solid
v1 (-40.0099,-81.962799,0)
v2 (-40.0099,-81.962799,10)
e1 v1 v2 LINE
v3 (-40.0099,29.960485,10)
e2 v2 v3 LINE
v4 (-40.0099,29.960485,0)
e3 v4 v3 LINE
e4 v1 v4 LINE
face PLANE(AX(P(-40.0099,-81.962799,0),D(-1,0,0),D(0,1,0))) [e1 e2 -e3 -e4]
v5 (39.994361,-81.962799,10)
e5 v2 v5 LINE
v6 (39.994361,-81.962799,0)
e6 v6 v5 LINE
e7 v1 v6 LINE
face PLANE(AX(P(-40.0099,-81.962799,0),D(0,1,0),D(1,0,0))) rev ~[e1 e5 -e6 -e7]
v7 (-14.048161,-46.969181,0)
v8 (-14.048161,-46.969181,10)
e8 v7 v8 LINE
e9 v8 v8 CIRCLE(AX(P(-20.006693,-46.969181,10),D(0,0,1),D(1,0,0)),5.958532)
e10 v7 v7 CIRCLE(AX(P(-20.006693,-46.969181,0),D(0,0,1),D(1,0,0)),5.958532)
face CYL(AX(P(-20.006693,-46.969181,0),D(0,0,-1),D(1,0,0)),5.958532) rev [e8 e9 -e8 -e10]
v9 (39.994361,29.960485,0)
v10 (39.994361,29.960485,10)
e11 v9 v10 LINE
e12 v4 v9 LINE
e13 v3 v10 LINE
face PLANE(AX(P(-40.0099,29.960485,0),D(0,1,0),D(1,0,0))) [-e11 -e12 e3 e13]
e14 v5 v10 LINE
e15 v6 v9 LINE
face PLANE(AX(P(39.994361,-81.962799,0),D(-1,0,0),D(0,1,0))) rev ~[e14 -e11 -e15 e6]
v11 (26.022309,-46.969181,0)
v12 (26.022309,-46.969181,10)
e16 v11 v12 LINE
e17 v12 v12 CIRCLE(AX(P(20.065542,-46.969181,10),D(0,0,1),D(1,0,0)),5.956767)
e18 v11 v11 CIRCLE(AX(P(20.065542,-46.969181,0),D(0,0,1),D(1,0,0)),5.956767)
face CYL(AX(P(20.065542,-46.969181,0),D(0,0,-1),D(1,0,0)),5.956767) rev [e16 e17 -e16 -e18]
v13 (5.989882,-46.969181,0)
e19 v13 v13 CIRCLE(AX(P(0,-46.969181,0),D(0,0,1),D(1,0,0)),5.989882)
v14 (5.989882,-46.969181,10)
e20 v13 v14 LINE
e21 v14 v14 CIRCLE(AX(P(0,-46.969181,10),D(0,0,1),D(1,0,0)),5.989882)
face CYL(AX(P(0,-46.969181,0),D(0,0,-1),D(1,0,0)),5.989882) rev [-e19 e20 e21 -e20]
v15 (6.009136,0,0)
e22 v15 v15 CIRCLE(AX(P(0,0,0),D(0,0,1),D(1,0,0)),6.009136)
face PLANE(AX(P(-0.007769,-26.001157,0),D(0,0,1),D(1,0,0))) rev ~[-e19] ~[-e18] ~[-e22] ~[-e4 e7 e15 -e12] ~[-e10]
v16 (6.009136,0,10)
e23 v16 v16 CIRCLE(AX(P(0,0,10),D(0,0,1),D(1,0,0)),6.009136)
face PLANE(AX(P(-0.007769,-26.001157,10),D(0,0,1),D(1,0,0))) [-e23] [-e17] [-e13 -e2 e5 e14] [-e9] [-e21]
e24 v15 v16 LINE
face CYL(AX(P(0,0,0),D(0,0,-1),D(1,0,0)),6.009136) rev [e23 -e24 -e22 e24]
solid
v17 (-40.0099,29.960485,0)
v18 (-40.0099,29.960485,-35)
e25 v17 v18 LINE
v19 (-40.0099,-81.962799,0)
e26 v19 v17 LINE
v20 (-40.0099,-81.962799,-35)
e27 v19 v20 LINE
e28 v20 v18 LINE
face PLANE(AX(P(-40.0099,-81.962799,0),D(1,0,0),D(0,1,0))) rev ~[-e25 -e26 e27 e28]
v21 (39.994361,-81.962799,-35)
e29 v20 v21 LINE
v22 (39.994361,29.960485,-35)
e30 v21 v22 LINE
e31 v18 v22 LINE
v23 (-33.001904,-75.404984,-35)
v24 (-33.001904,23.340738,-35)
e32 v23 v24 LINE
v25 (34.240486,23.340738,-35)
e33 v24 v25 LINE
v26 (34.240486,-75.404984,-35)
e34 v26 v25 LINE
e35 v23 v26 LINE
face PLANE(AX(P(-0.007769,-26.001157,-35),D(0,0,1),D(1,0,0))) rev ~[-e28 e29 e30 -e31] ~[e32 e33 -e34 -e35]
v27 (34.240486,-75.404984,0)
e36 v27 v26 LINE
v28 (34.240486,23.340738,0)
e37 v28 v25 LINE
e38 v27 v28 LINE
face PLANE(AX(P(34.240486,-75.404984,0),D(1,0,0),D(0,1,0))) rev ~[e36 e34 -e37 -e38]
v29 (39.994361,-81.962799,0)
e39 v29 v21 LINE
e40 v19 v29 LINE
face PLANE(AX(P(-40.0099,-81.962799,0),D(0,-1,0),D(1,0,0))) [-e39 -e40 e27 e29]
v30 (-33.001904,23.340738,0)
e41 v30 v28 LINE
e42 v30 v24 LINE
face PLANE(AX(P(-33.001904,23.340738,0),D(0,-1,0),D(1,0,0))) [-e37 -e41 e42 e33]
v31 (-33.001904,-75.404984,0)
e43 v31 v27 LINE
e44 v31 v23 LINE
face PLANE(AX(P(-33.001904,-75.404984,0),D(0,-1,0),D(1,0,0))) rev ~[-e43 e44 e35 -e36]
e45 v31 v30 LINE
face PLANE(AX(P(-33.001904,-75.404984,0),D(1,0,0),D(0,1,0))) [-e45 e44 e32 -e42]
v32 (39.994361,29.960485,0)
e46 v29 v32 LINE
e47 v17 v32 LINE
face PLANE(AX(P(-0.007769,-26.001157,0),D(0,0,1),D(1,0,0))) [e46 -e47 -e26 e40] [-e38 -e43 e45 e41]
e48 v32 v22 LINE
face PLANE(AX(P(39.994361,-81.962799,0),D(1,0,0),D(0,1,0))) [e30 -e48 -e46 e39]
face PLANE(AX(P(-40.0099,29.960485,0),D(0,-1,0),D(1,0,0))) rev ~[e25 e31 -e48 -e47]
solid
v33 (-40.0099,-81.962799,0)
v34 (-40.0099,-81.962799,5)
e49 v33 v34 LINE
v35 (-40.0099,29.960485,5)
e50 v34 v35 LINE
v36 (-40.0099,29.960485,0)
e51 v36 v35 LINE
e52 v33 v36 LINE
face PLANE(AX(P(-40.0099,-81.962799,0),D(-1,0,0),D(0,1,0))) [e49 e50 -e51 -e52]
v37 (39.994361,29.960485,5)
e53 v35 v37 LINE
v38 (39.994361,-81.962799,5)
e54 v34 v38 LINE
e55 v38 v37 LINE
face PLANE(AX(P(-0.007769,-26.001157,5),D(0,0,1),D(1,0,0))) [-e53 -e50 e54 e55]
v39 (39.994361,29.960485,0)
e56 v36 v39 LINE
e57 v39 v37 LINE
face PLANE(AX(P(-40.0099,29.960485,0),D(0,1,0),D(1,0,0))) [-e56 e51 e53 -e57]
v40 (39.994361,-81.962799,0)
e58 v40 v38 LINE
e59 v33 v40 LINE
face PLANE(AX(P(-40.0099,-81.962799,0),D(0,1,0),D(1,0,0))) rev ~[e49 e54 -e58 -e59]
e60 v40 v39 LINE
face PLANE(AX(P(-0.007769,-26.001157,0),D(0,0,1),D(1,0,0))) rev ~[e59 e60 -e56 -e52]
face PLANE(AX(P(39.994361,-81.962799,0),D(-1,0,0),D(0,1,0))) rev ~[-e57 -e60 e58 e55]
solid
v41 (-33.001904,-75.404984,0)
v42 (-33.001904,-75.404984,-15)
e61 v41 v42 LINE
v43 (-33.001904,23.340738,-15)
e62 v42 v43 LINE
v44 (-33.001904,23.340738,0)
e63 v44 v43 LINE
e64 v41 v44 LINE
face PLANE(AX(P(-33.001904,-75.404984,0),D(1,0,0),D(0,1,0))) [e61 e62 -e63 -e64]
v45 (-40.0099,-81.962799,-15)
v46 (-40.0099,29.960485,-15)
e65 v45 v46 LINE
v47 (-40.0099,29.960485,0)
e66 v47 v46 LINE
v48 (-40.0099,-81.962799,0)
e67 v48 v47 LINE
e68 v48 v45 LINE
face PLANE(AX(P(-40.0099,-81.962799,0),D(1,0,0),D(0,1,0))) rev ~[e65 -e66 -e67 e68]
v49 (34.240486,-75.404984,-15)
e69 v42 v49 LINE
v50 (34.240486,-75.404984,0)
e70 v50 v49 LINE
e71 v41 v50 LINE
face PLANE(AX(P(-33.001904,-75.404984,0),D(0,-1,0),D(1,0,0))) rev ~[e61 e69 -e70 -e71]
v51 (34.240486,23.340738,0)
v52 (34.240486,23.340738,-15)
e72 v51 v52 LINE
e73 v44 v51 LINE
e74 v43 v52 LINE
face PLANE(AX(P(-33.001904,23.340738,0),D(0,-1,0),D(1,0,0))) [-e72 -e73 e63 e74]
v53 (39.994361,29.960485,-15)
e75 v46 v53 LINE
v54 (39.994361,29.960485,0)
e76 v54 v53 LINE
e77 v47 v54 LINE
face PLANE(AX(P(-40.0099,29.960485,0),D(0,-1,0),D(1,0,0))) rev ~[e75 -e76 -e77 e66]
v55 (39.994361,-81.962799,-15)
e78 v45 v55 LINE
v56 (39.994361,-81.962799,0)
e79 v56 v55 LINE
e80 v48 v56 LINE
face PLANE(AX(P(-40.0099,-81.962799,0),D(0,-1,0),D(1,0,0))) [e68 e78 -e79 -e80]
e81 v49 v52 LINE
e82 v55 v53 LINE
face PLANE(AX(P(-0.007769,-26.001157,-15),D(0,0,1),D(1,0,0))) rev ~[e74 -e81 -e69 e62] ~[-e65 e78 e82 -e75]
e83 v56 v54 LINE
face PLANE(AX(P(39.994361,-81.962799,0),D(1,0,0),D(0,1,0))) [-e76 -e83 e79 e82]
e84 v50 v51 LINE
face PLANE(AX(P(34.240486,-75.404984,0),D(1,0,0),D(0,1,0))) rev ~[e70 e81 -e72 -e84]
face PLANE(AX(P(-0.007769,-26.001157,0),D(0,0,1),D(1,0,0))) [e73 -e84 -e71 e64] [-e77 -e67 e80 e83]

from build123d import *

# Parameters (mm, degrees)
SKETCH_W      = 80.004261
SKETCH_H      = 111.923284
SKETCH_R      = 6.009136
SKETCH_R_2    = 5.989882
SKETCH_R_3    = 5.956767
SKETCH_R_4    = 5.958532
PAD_DEPTH     = 10
SKETCH001_W   = 80.004261
SKETCH001_H   = 111.923284
SKETCH001_W_2 = 67.24239
SKETCH001_H_2 = 98.745722
PAD001_DEPTH  = 35
SKETCH003_W   = 80.004261
SKETCH003_H   = 111.923284
SKETCH003_W_2 = 67.24239
SKETCH003_H_2 = 98.745722
PAD003_DEPTH  = 15
SKETCH002_W   = 80.004261
SKETCH002_H   = 111.923284
PAD002_DEPTH  = 5


with BuildPart() as body:
    # Sketch → Pad (new body)
    with BuildSketch(Plane.XY):
        with Locations((-0.007769, -26.001157)):
            Rectangle(SKETCH_W, SKETCH_H)
        Circle(SKETCH_R, mode=Mode.SUBTRACT)
        with Locations((0, -46.969181)):
            Circle(SKETCH_R_2, mode=Mode.SUBTRACT)
        with Locations((20.065542, -46.969181)):
            Circle(SKETCH_R_3, mode=Mode.SUBTRACT)
        with Locations((-20.006693, -46.969181)):
            Circle(SKETCH_R_4, mode=Mode.SUBTRACT)
    extrude(amount=PAD_DEPTH)


with BuildPart() as body001:
    # Sketch001 → Pad001 (new body)
    with BuildSketch(Plane.XY):
        with Locations((-0.007769, -26.001157)):
            Rectangle(SKETCH001_W, SKETCH001_H)
        with Locations((0.619291, -26.032123)):
            Rectangle(SKETCH001_W_2, SKETCH001_H_2, mode=Mode.SUBTRACT)
    extrude(amount=-PAD001_DEPTH)


with BuildPart() as body002:
    # Sketch003 → Pad003 (new body)
    with BuildSketch(Plane.XY):
        with Locations((-0.007769, -26.001157)):
            Rectangle(SKETCH003_W, SKETCH003_H)
        with Locations((0.619291, -26.032123)):
            Rectangle(SKETCH003_W_2, SKETCH003_H_2, mode=Mode.SUBTRACT)
    extrude(amount=-PAD003_DEPTH)


with BuildPart() as body003:
    # Sketch002 → Pad002 (new body)
    with BuildSketch(Plane.XY):
        with Locations((-0.007769, -26.001157)):
            Rectangle(SKETCH002_W, SKETCH002_H)
    extrude(amount=PAD002_DEPTH)


solid = Compound([body.part, body001.part, body002.part, body003.part])
